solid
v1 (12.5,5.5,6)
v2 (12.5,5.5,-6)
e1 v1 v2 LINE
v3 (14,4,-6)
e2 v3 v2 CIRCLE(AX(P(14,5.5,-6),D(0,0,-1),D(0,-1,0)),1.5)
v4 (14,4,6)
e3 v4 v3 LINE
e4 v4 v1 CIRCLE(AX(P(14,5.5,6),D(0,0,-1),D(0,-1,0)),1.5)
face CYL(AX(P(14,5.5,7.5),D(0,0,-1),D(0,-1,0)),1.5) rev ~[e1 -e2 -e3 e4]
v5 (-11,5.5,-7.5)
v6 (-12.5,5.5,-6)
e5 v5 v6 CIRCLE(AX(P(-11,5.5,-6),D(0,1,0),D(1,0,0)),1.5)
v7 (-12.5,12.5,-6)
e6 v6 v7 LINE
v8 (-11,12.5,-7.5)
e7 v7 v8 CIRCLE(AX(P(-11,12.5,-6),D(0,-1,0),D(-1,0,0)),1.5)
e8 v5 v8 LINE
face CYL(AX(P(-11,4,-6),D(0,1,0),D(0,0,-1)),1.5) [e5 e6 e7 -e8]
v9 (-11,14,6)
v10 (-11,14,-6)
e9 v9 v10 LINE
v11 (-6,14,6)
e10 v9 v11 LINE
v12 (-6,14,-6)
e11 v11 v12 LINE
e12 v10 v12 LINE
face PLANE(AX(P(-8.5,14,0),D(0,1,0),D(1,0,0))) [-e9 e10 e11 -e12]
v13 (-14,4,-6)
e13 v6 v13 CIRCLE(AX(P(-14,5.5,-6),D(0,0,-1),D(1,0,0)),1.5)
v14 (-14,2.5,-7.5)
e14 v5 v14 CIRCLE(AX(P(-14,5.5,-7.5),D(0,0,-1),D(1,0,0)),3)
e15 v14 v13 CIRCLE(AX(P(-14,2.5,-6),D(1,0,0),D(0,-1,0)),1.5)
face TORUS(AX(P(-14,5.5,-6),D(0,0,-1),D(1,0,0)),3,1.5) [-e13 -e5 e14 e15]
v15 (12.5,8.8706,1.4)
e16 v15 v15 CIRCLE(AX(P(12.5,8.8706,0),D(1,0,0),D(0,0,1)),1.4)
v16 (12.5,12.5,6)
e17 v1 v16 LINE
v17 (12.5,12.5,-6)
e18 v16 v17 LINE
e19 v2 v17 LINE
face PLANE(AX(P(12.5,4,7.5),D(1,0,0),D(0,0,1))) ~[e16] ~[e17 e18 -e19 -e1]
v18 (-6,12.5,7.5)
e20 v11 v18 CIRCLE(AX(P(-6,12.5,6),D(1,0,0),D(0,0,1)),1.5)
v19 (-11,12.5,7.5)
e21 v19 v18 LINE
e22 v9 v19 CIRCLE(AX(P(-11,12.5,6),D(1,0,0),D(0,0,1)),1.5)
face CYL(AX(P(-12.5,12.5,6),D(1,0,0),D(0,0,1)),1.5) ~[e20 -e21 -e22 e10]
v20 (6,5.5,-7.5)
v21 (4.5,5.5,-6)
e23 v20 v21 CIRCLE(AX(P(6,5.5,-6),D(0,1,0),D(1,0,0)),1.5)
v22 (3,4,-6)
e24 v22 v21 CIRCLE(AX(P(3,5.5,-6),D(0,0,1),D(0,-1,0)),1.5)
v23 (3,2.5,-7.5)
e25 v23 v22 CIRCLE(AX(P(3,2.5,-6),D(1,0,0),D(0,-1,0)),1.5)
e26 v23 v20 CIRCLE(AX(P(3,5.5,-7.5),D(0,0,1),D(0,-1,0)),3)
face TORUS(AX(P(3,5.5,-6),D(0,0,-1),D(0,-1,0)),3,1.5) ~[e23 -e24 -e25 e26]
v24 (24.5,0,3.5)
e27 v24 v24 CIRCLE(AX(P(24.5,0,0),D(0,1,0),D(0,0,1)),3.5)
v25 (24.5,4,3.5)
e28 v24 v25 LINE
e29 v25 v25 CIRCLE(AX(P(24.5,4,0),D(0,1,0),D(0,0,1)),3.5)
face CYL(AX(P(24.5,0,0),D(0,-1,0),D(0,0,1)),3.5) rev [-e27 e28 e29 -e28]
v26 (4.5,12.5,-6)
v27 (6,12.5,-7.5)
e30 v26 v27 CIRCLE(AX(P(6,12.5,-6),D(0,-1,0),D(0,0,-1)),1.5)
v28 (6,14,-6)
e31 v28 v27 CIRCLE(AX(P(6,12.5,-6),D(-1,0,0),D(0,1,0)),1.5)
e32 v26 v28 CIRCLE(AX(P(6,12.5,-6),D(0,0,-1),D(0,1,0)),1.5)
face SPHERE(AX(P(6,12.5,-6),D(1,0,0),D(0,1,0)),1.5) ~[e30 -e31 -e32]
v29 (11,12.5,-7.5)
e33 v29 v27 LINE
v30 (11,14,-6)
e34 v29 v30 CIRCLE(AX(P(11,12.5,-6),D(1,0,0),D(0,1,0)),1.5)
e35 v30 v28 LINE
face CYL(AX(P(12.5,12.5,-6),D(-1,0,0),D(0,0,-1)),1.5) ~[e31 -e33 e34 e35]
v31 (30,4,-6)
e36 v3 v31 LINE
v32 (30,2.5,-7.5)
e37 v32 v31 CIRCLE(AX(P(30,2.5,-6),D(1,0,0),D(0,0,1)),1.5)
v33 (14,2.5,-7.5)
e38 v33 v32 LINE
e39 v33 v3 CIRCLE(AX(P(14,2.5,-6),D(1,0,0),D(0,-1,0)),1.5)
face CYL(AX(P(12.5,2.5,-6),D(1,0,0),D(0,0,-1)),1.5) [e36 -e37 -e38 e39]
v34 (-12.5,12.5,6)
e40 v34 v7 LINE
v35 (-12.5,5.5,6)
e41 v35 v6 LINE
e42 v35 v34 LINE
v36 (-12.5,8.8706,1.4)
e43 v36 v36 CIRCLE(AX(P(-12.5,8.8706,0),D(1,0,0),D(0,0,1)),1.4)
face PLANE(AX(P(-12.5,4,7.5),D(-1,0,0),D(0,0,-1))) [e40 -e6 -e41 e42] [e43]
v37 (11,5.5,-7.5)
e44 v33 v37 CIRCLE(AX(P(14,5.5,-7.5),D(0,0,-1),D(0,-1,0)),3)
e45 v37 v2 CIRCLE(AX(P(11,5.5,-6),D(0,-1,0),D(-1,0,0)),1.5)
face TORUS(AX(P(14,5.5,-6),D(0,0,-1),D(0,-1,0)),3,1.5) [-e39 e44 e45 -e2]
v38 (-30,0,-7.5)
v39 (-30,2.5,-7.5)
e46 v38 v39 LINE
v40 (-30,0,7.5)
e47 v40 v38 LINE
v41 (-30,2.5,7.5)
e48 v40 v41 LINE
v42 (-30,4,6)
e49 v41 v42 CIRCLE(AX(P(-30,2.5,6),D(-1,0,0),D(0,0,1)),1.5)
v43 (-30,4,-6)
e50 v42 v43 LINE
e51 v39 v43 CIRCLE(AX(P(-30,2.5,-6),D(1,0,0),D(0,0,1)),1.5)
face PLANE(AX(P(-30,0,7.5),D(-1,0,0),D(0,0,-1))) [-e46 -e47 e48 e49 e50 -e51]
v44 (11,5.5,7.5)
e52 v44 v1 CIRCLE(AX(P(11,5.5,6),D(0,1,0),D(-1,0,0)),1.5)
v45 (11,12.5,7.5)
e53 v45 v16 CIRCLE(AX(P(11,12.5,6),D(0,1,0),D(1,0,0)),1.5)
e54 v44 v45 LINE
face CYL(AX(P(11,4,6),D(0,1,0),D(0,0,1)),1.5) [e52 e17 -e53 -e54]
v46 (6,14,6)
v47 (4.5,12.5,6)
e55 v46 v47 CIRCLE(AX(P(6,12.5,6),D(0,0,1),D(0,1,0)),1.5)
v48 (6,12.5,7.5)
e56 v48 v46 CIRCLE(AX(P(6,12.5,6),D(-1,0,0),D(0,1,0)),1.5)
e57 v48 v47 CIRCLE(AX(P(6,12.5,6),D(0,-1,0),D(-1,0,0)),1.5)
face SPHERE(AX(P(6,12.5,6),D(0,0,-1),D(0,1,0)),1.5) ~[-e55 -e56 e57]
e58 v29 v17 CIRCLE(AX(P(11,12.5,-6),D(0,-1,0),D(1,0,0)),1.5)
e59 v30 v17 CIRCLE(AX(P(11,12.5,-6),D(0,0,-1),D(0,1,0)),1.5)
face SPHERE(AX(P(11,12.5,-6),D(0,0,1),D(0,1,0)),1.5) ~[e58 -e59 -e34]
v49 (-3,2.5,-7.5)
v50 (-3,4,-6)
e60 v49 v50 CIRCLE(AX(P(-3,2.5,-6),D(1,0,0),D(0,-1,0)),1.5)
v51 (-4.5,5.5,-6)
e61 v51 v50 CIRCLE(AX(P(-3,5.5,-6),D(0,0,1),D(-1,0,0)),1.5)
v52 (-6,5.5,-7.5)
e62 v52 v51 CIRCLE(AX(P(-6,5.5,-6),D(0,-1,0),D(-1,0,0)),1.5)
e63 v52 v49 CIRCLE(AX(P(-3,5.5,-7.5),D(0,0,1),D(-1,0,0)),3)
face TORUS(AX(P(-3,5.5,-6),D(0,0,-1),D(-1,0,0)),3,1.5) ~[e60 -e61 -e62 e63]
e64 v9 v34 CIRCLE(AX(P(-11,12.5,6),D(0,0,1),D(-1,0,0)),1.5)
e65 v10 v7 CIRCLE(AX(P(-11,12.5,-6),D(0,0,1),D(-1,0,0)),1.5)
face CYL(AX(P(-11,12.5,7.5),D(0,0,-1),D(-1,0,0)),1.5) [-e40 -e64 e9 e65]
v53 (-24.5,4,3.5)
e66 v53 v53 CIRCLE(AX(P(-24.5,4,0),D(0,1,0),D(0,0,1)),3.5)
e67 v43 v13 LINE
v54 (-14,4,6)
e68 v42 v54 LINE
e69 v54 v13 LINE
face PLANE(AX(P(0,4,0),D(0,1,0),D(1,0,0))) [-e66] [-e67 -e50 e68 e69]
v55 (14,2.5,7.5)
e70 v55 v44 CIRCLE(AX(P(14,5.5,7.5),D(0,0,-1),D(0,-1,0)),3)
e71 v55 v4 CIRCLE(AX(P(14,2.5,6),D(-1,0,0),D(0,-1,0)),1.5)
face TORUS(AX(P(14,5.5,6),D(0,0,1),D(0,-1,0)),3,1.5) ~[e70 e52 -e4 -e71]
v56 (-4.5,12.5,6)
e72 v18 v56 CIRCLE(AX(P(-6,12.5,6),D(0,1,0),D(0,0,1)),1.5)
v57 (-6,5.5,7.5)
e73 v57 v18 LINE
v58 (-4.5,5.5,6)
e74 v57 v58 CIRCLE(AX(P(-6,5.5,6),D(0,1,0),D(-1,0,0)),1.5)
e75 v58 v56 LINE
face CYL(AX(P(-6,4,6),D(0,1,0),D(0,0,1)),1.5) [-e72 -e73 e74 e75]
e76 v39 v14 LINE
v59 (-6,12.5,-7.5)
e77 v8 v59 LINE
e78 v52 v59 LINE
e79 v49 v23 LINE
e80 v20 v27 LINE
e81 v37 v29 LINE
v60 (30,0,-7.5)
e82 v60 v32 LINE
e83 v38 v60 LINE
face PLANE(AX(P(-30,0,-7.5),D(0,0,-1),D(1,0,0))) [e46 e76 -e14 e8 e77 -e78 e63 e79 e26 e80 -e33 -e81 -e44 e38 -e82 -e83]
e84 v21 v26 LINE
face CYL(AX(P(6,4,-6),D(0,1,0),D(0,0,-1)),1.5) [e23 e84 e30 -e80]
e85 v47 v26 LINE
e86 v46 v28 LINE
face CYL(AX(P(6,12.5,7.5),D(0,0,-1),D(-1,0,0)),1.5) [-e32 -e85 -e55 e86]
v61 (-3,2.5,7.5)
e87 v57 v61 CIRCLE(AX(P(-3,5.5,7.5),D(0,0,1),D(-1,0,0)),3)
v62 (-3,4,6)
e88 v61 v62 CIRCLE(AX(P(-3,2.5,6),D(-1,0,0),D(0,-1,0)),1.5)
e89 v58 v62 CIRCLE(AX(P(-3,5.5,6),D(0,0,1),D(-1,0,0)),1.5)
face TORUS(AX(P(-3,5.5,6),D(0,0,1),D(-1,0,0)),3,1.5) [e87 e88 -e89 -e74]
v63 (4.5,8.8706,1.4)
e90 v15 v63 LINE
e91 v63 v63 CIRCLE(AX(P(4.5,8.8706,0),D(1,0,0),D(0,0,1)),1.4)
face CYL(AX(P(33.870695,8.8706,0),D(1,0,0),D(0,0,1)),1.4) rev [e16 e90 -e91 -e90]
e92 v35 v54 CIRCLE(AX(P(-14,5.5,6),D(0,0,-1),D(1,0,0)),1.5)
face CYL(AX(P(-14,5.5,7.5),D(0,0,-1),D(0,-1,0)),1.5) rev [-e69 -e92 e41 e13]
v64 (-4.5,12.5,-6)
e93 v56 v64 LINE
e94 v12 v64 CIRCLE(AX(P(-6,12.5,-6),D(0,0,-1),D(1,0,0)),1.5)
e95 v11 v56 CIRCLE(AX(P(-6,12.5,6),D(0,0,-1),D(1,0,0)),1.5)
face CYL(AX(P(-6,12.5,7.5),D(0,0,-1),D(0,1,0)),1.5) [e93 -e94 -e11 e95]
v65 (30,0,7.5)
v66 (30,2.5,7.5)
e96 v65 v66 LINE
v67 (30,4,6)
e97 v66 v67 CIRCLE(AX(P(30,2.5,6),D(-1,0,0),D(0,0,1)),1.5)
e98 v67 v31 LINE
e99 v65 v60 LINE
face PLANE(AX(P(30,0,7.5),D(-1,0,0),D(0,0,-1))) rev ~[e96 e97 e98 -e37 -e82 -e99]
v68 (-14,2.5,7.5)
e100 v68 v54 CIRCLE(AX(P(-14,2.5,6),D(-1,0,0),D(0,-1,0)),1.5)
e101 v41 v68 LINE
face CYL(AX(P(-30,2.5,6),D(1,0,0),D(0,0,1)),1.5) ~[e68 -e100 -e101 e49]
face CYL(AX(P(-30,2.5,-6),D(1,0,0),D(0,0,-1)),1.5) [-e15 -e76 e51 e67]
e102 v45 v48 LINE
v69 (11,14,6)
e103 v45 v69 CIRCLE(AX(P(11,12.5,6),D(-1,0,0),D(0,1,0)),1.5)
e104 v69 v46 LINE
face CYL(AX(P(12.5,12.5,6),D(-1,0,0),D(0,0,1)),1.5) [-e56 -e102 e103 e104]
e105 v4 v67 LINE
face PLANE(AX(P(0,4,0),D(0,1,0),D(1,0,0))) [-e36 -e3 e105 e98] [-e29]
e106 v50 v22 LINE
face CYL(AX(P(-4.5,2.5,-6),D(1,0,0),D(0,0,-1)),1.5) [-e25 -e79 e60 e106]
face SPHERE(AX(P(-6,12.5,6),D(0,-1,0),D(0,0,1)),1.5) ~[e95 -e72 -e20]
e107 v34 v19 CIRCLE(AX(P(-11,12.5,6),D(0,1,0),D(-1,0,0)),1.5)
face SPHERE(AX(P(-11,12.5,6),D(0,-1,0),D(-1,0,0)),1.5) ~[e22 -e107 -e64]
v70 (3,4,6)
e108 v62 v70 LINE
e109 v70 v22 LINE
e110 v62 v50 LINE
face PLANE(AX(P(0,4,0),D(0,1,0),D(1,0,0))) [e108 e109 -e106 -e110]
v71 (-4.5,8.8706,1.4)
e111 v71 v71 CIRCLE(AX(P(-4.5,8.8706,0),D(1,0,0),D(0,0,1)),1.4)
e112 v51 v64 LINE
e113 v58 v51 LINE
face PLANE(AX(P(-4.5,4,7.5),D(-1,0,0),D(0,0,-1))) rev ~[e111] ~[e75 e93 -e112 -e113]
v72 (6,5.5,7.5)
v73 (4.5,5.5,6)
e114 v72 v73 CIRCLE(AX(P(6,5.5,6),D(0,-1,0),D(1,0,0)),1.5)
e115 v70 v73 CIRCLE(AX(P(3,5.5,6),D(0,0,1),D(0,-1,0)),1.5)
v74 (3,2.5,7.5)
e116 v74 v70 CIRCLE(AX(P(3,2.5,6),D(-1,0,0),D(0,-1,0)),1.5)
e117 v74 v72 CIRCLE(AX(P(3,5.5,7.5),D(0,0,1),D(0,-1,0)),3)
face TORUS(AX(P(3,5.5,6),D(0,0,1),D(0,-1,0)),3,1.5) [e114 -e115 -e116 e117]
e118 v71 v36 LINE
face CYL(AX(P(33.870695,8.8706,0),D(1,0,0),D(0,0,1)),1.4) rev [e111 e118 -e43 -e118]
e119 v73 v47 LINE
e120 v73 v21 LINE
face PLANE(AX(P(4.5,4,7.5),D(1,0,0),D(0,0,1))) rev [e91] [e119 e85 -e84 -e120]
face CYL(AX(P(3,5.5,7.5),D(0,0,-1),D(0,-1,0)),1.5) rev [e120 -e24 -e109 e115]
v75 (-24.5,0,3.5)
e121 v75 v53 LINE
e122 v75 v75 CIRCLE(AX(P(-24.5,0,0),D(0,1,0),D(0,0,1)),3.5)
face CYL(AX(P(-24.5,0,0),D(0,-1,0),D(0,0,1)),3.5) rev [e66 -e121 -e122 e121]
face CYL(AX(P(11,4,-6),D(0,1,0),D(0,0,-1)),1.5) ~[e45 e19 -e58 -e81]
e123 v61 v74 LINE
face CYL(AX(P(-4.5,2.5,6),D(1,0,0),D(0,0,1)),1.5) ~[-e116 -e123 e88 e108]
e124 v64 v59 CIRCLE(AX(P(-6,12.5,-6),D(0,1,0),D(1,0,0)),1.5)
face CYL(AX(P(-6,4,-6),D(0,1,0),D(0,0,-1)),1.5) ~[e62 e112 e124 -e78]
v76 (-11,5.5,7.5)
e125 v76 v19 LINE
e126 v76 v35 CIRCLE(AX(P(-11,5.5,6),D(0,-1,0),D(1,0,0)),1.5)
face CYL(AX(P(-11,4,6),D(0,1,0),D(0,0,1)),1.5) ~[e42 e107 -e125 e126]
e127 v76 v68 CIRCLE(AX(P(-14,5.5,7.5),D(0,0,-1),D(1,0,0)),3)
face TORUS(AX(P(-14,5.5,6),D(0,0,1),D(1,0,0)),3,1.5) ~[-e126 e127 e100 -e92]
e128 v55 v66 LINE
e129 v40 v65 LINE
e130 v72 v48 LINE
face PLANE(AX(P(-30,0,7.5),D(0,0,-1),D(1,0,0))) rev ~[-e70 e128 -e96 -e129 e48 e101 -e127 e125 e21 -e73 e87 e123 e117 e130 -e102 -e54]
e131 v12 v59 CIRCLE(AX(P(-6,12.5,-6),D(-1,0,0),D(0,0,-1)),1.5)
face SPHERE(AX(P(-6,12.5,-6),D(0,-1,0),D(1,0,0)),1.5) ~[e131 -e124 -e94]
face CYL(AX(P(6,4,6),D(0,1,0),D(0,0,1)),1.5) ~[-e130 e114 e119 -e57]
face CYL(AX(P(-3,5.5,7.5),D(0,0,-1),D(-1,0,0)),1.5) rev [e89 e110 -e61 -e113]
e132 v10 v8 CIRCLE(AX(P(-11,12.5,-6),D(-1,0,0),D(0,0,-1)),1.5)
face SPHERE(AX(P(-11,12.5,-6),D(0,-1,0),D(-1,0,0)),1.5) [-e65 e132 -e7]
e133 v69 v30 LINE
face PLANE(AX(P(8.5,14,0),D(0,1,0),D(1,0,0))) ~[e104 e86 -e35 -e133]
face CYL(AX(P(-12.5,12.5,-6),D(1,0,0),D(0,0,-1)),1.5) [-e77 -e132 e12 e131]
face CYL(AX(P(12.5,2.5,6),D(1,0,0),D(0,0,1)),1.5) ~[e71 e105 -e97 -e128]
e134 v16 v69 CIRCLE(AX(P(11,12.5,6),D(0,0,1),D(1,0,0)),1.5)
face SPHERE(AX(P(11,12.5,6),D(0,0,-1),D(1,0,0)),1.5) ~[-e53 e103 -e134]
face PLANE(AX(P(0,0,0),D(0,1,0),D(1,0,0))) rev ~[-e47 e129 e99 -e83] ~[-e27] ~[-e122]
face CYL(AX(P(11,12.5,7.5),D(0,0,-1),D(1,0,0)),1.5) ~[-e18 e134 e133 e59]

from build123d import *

# Parameters (mm, degrees)
SKETCH3_W               = 60
SKETCH3_H               = 15
SKETCH3_R               = 3.5
BOSS_EXTRUDE1_DEPTH     = 4
SKETCH6_W               = 8
SKETCH6_H               = 15
BOSS_EXTRUDE2_DEPTH     = 10
FILLET2_R               = 1.5
CUT_EXTRUDE1_DEPTH      = 46.370695388
CUT_EXTRUDE1_DEPTH_BACK = 46.370695388
SKETCH7_R               = 1.4


with BuildPart() as part:
    # Sketch3 → Boss-Extrude1 (new body)
    with BuildSketch(Plane(origin=(0, 0, 0), x_dir=(1, 0, 0), z_dir=(0, 1, 0))):
        Rectangle(SKETCH3_W, SKETCH3_H)
        with Locations(Location((-24.5, 0, 0), (0, 0, 270))):
            Circle(SKETCH3_R, mode=Mode.SUBTRACT)
        with Locations(Location((24.5, 0, 0), (0, 0, 270))):
            Circle(SKETCH3_R, mode=Mode.SUBTRACT)
    extrude(amount=BOSS_EXTRUDE1_DEPTH)

    # Sketch6 → Boss-Extrude2 (add)
    with BuildSketch(Plane(origin=(0, 4, 0), x_dir=(1, 0, 0), z_dir=(0, 1, 0))):
        with Locations((-8.5, 0)):
            Rectangle(SKETCH6_W, SKETCH6_H)
    boss_extrude2 = extrude(amount=BOSS_EXTRUDE2_DEPTH)

    # Mirror1: Boss-Extrude2 across plane
    add(boss_extrude2.mirror(Plane(origin=(0, 0, 0), x_dir=(0, 0, 1), z_dir=(1, 0, 0))))

    # Fillet2
    fillet2_edges = [part.edges().sort_by_distance(p)[0] for p in [
        (-21.25, 4, 7.5),
        (-21.25, 4, -7.5),
        (0, 4, 7.5),
        (-12.5, 4, 0),
        (-12.5, 9, -7.5),
        (-12.5, 9, 7.5),
        (-4.5, 4, 0),
        (-4.5, 9, 7.5),
        (-4.5, 9, -7.5),
        (-12.5, 14, 0),
        (-8.5, 14, 7.5),
        (-4.5, 14, 0),
        (-8.5, 14, -7.5),
        (21.25, 4, 7.5),
        (0, 4, -7.5),
        (12.5, 14, 0),
        (12.5, 9, 7.5),
        (8.5, 14, -7.5),
        (12.5, 9, -7.5),
        (4.5, 14, 0),
        (4.5, 9, -7.5),
        (8.5, 14, 7.5),
        (4.5, 9, 7.5),
        (12.5, 4, 0),
        (4.5, 4, 0),
        (21.25, 4, -7.5),
    ]]
    fillet(fillet2_edges, radius=FILLET2_R)

    # Sketch7 → Cut-Extrude1 (cut, two sides: drawn at the far end of the back side and taken through both)
    with BuildSketch(Plane.ZY.offset(12.5).offset(-CUT_EXTRUDE1_DEPTH_BACK)):
        with Locations((0, 8.870600297)):
            Circle(SKETCH7_R)
    extrude(amount=CUT_EXTRUDE1_DEPTH + CUT_EXTRUDE1_DEPTH_BACK, mode=Mode.SUBTRACT)


solid = part.part
